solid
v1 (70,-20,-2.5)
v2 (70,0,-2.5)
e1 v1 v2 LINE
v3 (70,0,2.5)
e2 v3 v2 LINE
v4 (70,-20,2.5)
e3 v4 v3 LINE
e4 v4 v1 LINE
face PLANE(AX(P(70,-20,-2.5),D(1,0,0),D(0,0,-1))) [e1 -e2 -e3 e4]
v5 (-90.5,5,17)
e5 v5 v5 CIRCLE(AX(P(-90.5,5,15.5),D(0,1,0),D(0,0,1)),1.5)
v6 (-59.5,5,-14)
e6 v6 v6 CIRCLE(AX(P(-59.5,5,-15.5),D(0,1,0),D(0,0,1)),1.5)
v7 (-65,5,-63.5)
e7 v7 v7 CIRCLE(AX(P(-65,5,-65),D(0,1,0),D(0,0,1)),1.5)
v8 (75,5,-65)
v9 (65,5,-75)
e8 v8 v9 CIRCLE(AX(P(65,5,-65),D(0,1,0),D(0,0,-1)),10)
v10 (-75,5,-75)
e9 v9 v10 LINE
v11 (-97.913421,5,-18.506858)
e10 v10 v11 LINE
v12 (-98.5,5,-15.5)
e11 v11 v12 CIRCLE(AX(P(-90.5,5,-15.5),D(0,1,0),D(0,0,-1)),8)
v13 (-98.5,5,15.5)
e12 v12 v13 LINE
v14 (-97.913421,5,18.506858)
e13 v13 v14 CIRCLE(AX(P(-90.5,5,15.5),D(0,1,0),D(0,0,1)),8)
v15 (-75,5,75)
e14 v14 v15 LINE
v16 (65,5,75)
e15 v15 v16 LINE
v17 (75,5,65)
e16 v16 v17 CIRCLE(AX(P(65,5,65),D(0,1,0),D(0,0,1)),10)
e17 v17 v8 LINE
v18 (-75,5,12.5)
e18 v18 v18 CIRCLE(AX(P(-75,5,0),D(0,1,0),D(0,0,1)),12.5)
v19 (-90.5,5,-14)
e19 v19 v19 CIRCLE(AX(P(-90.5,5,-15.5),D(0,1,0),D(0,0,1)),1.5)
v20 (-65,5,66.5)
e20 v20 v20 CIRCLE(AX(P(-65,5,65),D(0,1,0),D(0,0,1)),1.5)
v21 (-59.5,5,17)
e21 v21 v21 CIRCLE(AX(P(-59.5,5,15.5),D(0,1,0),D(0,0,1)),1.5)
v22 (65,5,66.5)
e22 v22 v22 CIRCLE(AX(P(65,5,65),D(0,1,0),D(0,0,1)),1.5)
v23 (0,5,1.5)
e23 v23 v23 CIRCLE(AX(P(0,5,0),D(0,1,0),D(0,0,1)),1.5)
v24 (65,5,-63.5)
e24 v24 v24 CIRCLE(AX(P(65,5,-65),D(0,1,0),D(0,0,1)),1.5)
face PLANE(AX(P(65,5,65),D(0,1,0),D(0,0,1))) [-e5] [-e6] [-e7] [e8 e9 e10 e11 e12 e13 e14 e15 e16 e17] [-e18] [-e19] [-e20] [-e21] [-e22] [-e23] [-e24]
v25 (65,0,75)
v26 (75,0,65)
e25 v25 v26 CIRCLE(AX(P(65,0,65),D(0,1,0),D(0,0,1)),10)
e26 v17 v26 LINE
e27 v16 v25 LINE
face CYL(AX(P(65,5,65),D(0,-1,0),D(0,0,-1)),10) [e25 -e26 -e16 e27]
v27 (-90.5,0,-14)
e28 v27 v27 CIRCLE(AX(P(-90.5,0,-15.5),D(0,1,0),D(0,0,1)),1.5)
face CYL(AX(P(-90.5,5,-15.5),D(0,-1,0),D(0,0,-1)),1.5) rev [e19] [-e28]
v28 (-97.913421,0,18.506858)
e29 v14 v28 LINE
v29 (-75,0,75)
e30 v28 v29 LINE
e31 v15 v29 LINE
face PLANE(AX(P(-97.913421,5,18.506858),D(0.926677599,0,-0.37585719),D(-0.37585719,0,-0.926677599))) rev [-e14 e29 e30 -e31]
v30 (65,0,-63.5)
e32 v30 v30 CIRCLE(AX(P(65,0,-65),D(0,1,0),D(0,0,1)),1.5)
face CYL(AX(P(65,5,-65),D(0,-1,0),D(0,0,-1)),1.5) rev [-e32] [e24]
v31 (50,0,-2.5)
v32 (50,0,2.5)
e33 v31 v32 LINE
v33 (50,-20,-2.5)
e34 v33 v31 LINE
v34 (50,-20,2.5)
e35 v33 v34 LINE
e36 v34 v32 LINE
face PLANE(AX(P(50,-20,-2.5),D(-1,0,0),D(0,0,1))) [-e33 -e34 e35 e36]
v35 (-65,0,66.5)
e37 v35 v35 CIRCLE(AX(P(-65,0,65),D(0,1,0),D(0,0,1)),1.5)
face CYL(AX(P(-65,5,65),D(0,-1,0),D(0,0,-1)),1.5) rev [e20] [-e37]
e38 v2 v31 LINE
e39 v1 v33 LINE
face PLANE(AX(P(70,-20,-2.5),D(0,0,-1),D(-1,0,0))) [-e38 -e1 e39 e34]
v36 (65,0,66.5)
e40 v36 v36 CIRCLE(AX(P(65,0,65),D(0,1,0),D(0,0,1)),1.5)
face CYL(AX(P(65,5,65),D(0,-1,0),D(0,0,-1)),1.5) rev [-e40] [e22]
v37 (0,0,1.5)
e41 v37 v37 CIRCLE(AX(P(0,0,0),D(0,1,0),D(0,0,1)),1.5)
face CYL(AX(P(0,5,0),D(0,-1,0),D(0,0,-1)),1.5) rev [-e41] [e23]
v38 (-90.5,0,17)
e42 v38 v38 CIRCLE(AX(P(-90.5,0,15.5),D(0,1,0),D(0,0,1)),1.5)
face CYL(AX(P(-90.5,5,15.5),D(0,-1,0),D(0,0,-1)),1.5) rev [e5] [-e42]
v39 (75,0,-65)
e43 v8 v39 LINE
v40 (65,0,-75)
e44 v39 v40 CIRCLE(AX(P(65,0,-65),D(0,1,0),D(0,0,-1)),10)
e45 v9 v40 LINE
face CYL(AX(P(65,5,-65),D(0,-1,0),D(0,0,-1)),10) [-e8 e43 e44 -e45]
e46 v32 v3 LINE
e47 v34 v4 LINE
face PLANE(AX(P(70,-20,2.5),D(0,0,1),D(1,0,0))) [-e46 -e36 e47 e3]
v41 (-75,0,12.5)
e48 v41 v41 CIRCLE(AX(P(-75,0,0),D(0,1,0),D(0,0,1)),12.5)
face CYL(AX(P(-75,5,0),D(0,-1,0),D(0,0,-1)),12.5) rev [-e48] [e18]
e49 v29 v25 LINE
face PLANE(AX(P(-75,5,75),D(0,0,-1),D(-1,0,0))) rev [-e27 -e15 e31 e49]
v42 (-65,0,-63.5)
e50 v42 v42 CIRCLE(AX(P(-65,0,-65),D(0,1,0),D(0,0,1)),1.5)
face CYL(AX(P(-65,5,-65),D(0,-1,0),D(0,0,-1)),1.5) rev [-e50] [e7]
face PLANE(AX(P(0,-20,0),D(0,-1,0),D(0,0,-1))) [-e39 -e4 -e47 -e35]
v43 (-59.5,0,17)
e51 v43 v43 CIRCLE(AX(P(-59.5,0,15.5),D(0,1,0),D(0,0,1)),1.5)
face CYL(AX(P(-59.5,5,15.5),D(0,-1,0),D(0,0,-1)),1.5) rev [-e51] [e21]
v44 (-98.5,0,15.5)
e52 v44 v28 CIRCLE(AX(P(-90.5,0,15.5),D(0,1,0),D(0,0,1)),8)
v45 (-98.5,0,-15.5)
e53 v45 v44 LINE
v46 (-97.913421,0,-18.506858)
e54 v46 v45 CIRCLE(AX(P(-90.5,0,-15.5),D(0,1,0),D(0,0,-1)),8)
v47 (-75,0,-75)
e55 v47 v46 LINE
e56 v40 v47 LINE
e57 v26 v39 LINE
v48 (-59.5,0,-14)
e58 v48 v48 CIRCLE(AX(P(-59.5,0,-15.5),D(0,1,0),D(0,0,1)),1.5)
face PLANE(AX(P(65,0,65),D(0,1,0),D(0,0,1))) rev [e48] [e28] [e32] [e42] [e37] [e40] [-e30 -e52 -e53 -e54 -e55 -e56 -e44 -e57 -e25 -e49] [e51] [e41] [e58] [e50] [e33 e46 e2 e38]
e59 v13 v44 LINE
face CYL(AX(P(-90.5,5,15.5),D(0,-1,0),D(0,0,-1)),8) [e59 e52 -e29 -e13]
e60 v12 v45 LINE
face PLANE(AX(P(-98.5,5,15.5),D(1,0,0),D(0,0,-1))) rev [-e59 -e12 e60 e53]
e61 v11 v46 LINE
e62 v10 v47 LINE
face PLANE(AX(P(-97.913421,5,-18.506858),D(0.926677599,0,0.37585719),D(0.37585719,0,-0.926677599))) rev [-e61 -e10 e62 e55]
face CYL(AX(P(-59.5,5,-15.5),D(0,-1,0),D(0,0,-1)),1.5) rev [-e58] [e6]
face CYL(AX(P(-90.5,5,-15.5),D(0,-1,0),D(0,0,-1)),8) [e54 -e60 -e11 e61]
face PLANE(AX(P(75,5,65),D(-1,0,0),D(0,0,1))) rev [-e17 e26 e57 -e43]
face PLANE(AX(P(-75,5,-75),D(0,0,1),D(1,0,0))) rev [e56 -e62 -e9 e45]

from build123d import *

# Parameters (mm, degrees)
SKETCH1_R           = 1.5
SKETCH1_R_2         = 12.5
BOSS_EXTRUDE1_DEPTH = 5
SKETCH2_W           = 20
SKETCH2_H           = 5
BOSS_EXTRUDE2_DEPTH = 25


with BuildPart() as part:
    # Sketch1 → Boss-Extrude1 (new body)
    with BuildSketch(Plane(origin=(0, 0, 0), x_dir=(1, 0, 0), z_dir=(0, 1, 0))):
        with BuildLine():
            Line((-75, -75), (65, -75))
            ThreePointArc((65, -75), (72.071067812, -72.071067812), (75, -65))
            Line((75, -65), (75, 65))
            ThreePointArc((75, 65), (72.071067812, 72.071067812), (65, 75))
            Line((65, 75), (-75, 75))
            Line((-75, 75), (-97.913420794, 18.506857518))
            ThreePointArc((-97.913420794, 18.506857518), (-98.351985938, 17.031769181), (-98.5, 15.5))
            Line((-98.5, 15.5), (-98.5, -15.5))
            ThreePointArc((-98.5, -15.5), (-98.351985938, -17.031769181), (-97.913420794, -18.506857518))
            Line((-97.913420794, -18.506857518), (-75, -75))
        make_face()
        with Locations(Location((-90.5, 15.5, 0), (0, 0, 270))):
            Circle(SKETCH1_R, mode=Mode.SUBTRACT)
        with Locations(Location((-90.5, -15.5, 0), (0, 0, 270))):
            Circle(SKETCH1_R, mode=Mode.SUBTRACT)
        with Locations(Location((-59.5, -15.5, 0), (0, 0, 270))):
            Circle(SKETCH1_R, mode=Mode.SUBTRACT)
        with Locations(Location((-59.5, 15.5, 0), (0, 0, 270))):
            Circle(SKETCH1_R, mode=Mode.SUBTRACT)
        with Locations(Location((-75, 0, 0), (0, 0, 270))):
            Circle(SKETCH1_R_2, mode=Mode.SUBTRACT)
        with Locations(Location((-65, 65, 0), (0, 0, 270))):
            Circle(SKETCH1_R, mode=Mode.SUBTRACT)
        with Locations(Location((65, 65, 0), (0, 0, 270))):
            Circle(SKETCH1_R, mode=Mode.SUBTRACT)
        with Locations(Location((65, -65, 0), (0, 0, 270))):
            Circle(SKETCH1_R, mode=Mode.SUBTRACT)
        with Locations(Location((-65, -65, 0), (0, 0, 270))):
            Circle(SKETCH1_R, mode=Mode.SUBTRACT)
        with Locations(Location((0, 0, 0), (0, 0, 270))):
            Circle(SKETCH1_R, mode=Mode.SUBTRACT)
    extrude(amount=BOSS_EXTRUDE1_DEPTH)

    # Sketch2 → Boss-Extrude2 (add)
    with BuildSketch(Plane(origin=(0, 5, 0), x_dir=(1, 0, 0), z_dir=(0, 1, 0))):
        with Locations((60, 0)):
            Rectangle(SKETCH2_W, SKETCH2_H)
    extrude(amount=-BOSS_EXTRUDE2_DEPTH)


solid = part.part
